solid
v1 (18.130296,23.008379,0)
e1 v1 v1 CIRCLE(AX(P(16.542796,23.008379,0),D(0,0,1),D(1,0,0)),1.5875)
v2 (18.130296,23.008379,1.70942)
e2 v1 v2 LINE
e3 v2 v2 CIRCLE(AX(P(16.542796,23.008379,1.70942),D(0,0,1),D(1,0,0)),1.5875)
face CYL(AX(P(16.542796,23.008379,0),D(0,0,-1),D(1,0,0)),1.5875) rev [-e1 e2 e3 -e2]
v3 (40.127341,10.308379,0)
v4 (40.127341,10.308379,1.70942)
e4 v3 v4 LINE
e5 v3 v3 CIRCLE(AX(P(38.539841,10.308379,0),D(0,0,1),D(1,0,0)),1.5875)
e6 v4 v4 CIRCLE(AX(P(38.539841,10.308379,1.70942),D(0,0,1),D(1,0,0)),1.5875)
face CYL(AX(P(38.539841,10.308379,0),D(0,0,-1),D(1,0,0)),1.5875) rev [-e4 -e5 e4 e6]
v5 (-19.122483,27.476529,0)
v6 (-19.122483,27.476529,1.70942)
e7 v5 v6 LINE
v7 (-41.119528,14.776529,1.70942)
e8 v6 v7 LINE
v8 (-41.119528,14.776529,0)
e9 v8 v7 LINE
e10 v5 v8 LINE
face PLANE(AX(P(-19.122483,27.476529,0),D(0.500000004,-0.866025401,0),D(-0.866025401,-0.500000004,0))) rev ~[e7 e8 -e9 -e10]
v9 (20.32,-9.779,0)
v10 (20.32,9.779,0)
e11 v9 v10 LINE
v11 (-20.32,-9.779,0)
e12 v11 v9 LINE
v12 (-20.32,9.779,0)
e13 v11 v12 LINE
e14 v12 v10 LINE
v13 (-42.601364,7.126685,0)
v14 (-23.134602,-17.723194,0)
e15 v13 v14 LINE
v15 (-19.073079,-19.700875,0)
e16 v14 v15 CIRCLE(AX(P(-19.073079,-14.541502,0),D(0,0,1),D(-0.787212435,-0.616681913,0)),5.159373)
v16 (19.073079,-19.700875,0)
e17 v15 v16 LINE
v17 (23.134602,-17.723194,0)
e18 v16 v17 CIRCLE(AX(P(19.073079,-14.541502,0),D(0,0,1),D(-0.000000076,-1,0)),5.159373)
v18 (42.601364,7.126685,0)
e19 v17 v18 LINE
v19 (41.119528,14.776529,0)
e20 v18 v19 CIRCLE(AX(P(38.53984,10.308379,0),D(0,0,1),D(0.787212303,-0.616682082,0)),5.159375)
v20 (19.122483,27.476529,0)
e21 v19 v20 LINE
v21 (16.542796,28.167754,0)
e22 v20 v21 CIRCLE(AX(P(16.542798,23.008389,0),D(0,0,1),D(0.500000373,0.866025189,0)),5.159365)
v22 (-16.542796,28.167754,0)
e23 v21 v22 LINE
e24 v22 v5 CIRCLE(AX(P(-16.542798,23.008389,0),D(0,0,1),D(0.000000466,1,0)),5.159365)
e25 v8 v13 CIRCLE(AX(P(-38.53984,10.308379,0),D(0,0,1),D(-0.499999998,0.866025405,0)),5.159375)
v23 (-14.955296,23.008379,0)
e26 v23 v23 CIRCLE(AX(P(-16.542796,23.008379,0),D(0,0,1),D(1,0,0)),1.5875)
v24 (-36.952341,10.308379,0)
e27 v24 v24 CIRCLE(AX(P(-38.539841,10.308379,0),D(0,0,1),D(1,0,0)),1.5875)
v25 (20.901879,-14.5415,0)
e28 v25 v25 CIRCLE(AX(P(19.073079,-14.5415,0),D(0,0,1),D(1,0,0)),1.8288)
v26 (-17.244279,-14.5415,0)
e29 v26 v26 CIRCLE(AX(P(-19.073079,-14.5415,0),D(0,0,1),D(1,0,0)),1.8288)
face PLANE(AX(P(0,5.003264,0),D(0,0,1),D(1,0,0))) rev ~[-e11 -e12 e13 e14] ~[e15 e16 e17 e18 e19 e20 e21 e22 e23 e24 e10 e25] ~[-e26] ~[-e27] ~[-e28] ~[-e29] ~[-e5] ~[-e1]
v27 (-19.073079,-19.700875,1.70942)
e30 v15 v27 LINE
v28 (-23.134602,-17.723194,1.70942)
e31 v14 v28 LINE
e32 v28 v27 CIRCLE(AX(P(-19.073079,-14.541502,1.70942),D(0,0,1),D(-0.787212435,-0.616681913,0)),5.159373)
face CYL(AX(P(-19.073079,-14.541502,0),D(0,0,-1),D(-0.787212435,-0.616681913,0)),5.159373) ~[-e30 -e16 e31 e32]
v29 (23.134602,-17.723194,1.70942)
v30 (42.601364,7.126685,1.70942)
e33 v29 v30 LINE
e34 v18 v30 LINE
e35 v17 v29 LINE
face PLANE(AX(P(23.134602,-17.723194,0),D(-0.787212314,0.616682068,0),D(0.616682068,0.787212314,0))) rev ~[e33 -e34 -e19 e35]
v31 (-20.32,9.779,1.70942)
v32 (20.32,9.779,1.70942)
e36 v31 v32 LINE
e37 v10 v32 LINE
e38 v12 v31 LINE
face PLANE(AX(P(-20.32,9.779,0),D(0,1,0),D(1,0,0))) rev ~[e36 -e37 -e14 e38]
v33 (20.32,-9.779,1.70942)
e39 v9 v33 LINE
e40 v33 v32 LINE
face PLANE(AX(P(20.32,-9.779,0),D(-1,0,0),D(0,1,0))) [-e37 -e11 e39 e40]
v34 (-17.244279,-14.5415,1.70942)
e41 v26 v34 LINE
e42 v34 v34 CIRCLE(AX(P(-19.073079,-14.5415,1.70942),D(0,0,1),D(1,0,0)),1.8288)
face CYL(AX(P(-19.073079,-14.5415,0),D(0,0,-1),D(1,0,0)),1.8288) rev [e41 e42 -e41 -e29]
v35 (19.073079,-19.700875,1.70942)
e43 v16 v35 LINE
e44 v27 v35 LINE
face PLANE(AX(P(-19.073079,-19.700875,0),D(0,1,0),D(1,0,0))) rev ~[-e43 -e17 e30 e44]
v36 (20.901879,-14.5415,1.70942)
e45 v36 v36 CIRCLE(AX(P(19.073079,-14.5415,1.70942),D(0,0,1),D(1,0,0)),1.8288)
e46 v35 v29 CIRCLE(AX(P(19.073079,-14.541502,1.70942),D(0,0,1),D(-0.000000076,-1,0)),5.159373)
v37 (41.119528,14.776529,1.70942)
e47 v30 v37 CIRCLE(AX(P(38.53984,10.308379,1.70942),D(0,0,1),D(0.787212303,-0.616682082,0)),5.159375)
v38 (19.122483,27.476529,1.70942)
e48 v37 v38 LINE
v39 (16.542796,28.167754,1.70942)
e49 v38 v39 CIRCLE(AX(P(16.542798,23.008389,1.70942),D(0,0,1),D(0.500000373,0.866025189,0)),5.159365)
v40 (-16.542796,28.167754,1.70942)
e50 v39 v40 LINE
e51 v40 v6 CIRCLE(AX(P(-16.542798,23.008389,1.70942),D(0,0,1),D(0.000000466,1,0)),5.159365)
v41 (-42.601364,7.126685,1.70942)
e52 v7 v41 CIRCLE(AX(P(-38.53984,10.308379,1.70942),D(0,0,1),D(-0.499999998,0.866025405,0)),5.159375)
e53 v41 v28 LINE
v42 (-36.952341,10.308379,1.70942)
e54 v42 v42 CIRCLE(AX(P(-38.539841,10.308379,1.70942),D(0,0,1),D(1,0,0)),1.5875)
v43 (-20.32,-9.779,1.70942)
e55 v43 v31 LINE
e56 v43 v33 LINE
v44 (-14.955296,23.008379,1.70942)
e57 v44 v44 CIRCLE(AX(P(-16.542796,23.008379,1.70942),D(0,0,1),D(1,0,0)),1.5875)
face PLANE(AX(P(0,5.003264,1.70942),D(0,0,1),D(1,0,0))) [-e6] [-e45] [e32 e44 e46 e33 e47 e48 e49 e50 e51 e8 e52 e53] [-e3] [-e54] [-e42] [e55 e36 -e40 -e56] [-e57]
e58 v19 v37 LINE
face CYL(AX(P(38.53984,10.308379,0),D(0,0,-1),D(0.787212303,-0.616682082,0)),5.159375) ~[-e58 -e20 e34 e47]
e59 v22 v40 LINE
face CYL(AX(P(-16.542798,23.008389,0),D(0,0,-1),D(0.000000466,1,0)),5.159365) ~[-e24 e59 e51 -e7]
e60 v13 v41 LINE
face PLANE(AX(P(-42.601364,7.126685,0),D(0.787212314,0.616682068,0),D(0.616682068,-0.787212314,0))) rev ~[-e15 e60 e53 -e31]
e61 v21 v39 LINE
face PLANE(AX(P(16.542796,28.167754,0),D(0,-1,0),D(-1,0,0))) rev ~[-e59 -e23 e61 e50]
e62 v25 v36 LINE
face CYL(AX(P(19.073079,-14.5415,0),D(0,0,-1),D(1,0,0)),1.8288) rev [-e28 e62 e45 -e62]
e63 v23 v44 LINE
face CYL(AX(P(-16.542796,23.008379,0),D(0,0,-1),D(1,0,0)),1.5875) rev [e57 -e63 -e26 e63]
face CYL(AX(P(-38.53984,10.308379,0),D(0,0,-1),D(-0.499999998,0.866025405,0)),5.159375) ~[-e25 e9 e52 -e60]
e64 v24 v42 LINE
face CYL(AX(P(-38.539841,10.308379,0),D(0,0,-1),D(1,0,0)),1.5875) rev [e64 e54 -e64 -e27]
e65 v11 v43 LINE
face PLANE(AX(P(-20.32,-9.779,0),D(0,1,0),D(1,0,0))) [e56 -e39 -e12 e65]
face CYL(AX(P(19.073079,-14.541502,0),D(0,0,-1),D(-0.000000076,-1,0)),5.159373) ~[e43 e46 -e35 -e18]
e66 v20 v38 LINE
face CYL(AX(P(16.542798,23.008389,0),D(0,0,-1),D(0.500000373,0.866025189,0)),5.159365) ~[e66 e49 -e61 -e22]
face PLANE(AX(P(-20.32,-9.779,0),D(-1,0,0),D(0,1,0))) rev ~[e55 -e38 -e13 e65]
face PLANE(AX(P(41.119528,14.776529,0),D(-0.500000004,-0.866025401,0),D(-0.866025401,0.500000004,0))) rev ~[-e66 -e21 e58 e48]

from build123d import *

# Parameters (mm, degrees)
F0_R     = 1.8288
F0_W     = 40.64
F0_H     = 19.558
F0_R_2   = 1.5875
F1_DEPTH = 1.70942


with BuildPart() as f1:
    # F0 (on Top) → F1 (new body)
    with BuildSketch(Plane.XY):
        with BuildLine():
            Line((16.542796, 28.167754), (-16.542796, 28.167754))
            ThreePointArc((-16.542796, 28.167754), (-17.87814, 27.991953), (-19.122483, 27.476529))
            Line((-19.122483, 27.476529), (-41.119528, 14.776529))
            ThreePointArc((-41.119528, 14.776529), (-43.60506, 11.289553), (-42.601364, 7.126685))
            Line((-42.601364, 7.126685), (-23.134602, -17.723194))
            ThreePointArc((-23.134602, -17.723194), (-21.331795, -19.18018), (-19.073079, -19.700875))
            Line((-19.073079, -19.700875), (19.073079, -19.700875))
            ThreePointArc((19.073079, -19.700875), (21.331795, -19.18018), (23.134602, -17.723194))
            Line((23.134602, -17.723194), (42.601364, 7.126685))
            ThreePointArc((42.601364, 7.126685), (43.60506, 11.289553), (41.119528, 14.776529))
            Line((41.119528, 14.776529), (19.122483, 27.476529))
            ThreePointArc((19.122483, 27.476529), (17.87814, 27.991953), (16.542796, 28.167754))
        make_face()
        with Locations((-19.073079, -14.5415)):
            Circle(F0_R, mode=Mode.SUBTRACT)
        Rectangle(F0_W, F0_H, mode=Mode.SUBTRACT)
        with Locations((19.073079, -14.5415)):
            Circle(F0_R, mode=Mode.SUBTRACT)
        with Locations((-38.539841, 10.308379)):
            Circle(F0_R_2, mode=Mode.SUBTRACT)
        with Locations((-16.542796, 23.008379)):
            Circle(F0_R_2, mode=Mode.SUBTRACT)
        with Locations((38.539841, 10.308379)):
            Circle(F0_R_2, mode=Mode.SUBTRACT)
        with Locations((16.542796, 23.008379)):
            Circle(F0_R_2, mode=Mode.SUBTRACT)
    extrude(amount=F1_DEPTH)


solid = f1.part
